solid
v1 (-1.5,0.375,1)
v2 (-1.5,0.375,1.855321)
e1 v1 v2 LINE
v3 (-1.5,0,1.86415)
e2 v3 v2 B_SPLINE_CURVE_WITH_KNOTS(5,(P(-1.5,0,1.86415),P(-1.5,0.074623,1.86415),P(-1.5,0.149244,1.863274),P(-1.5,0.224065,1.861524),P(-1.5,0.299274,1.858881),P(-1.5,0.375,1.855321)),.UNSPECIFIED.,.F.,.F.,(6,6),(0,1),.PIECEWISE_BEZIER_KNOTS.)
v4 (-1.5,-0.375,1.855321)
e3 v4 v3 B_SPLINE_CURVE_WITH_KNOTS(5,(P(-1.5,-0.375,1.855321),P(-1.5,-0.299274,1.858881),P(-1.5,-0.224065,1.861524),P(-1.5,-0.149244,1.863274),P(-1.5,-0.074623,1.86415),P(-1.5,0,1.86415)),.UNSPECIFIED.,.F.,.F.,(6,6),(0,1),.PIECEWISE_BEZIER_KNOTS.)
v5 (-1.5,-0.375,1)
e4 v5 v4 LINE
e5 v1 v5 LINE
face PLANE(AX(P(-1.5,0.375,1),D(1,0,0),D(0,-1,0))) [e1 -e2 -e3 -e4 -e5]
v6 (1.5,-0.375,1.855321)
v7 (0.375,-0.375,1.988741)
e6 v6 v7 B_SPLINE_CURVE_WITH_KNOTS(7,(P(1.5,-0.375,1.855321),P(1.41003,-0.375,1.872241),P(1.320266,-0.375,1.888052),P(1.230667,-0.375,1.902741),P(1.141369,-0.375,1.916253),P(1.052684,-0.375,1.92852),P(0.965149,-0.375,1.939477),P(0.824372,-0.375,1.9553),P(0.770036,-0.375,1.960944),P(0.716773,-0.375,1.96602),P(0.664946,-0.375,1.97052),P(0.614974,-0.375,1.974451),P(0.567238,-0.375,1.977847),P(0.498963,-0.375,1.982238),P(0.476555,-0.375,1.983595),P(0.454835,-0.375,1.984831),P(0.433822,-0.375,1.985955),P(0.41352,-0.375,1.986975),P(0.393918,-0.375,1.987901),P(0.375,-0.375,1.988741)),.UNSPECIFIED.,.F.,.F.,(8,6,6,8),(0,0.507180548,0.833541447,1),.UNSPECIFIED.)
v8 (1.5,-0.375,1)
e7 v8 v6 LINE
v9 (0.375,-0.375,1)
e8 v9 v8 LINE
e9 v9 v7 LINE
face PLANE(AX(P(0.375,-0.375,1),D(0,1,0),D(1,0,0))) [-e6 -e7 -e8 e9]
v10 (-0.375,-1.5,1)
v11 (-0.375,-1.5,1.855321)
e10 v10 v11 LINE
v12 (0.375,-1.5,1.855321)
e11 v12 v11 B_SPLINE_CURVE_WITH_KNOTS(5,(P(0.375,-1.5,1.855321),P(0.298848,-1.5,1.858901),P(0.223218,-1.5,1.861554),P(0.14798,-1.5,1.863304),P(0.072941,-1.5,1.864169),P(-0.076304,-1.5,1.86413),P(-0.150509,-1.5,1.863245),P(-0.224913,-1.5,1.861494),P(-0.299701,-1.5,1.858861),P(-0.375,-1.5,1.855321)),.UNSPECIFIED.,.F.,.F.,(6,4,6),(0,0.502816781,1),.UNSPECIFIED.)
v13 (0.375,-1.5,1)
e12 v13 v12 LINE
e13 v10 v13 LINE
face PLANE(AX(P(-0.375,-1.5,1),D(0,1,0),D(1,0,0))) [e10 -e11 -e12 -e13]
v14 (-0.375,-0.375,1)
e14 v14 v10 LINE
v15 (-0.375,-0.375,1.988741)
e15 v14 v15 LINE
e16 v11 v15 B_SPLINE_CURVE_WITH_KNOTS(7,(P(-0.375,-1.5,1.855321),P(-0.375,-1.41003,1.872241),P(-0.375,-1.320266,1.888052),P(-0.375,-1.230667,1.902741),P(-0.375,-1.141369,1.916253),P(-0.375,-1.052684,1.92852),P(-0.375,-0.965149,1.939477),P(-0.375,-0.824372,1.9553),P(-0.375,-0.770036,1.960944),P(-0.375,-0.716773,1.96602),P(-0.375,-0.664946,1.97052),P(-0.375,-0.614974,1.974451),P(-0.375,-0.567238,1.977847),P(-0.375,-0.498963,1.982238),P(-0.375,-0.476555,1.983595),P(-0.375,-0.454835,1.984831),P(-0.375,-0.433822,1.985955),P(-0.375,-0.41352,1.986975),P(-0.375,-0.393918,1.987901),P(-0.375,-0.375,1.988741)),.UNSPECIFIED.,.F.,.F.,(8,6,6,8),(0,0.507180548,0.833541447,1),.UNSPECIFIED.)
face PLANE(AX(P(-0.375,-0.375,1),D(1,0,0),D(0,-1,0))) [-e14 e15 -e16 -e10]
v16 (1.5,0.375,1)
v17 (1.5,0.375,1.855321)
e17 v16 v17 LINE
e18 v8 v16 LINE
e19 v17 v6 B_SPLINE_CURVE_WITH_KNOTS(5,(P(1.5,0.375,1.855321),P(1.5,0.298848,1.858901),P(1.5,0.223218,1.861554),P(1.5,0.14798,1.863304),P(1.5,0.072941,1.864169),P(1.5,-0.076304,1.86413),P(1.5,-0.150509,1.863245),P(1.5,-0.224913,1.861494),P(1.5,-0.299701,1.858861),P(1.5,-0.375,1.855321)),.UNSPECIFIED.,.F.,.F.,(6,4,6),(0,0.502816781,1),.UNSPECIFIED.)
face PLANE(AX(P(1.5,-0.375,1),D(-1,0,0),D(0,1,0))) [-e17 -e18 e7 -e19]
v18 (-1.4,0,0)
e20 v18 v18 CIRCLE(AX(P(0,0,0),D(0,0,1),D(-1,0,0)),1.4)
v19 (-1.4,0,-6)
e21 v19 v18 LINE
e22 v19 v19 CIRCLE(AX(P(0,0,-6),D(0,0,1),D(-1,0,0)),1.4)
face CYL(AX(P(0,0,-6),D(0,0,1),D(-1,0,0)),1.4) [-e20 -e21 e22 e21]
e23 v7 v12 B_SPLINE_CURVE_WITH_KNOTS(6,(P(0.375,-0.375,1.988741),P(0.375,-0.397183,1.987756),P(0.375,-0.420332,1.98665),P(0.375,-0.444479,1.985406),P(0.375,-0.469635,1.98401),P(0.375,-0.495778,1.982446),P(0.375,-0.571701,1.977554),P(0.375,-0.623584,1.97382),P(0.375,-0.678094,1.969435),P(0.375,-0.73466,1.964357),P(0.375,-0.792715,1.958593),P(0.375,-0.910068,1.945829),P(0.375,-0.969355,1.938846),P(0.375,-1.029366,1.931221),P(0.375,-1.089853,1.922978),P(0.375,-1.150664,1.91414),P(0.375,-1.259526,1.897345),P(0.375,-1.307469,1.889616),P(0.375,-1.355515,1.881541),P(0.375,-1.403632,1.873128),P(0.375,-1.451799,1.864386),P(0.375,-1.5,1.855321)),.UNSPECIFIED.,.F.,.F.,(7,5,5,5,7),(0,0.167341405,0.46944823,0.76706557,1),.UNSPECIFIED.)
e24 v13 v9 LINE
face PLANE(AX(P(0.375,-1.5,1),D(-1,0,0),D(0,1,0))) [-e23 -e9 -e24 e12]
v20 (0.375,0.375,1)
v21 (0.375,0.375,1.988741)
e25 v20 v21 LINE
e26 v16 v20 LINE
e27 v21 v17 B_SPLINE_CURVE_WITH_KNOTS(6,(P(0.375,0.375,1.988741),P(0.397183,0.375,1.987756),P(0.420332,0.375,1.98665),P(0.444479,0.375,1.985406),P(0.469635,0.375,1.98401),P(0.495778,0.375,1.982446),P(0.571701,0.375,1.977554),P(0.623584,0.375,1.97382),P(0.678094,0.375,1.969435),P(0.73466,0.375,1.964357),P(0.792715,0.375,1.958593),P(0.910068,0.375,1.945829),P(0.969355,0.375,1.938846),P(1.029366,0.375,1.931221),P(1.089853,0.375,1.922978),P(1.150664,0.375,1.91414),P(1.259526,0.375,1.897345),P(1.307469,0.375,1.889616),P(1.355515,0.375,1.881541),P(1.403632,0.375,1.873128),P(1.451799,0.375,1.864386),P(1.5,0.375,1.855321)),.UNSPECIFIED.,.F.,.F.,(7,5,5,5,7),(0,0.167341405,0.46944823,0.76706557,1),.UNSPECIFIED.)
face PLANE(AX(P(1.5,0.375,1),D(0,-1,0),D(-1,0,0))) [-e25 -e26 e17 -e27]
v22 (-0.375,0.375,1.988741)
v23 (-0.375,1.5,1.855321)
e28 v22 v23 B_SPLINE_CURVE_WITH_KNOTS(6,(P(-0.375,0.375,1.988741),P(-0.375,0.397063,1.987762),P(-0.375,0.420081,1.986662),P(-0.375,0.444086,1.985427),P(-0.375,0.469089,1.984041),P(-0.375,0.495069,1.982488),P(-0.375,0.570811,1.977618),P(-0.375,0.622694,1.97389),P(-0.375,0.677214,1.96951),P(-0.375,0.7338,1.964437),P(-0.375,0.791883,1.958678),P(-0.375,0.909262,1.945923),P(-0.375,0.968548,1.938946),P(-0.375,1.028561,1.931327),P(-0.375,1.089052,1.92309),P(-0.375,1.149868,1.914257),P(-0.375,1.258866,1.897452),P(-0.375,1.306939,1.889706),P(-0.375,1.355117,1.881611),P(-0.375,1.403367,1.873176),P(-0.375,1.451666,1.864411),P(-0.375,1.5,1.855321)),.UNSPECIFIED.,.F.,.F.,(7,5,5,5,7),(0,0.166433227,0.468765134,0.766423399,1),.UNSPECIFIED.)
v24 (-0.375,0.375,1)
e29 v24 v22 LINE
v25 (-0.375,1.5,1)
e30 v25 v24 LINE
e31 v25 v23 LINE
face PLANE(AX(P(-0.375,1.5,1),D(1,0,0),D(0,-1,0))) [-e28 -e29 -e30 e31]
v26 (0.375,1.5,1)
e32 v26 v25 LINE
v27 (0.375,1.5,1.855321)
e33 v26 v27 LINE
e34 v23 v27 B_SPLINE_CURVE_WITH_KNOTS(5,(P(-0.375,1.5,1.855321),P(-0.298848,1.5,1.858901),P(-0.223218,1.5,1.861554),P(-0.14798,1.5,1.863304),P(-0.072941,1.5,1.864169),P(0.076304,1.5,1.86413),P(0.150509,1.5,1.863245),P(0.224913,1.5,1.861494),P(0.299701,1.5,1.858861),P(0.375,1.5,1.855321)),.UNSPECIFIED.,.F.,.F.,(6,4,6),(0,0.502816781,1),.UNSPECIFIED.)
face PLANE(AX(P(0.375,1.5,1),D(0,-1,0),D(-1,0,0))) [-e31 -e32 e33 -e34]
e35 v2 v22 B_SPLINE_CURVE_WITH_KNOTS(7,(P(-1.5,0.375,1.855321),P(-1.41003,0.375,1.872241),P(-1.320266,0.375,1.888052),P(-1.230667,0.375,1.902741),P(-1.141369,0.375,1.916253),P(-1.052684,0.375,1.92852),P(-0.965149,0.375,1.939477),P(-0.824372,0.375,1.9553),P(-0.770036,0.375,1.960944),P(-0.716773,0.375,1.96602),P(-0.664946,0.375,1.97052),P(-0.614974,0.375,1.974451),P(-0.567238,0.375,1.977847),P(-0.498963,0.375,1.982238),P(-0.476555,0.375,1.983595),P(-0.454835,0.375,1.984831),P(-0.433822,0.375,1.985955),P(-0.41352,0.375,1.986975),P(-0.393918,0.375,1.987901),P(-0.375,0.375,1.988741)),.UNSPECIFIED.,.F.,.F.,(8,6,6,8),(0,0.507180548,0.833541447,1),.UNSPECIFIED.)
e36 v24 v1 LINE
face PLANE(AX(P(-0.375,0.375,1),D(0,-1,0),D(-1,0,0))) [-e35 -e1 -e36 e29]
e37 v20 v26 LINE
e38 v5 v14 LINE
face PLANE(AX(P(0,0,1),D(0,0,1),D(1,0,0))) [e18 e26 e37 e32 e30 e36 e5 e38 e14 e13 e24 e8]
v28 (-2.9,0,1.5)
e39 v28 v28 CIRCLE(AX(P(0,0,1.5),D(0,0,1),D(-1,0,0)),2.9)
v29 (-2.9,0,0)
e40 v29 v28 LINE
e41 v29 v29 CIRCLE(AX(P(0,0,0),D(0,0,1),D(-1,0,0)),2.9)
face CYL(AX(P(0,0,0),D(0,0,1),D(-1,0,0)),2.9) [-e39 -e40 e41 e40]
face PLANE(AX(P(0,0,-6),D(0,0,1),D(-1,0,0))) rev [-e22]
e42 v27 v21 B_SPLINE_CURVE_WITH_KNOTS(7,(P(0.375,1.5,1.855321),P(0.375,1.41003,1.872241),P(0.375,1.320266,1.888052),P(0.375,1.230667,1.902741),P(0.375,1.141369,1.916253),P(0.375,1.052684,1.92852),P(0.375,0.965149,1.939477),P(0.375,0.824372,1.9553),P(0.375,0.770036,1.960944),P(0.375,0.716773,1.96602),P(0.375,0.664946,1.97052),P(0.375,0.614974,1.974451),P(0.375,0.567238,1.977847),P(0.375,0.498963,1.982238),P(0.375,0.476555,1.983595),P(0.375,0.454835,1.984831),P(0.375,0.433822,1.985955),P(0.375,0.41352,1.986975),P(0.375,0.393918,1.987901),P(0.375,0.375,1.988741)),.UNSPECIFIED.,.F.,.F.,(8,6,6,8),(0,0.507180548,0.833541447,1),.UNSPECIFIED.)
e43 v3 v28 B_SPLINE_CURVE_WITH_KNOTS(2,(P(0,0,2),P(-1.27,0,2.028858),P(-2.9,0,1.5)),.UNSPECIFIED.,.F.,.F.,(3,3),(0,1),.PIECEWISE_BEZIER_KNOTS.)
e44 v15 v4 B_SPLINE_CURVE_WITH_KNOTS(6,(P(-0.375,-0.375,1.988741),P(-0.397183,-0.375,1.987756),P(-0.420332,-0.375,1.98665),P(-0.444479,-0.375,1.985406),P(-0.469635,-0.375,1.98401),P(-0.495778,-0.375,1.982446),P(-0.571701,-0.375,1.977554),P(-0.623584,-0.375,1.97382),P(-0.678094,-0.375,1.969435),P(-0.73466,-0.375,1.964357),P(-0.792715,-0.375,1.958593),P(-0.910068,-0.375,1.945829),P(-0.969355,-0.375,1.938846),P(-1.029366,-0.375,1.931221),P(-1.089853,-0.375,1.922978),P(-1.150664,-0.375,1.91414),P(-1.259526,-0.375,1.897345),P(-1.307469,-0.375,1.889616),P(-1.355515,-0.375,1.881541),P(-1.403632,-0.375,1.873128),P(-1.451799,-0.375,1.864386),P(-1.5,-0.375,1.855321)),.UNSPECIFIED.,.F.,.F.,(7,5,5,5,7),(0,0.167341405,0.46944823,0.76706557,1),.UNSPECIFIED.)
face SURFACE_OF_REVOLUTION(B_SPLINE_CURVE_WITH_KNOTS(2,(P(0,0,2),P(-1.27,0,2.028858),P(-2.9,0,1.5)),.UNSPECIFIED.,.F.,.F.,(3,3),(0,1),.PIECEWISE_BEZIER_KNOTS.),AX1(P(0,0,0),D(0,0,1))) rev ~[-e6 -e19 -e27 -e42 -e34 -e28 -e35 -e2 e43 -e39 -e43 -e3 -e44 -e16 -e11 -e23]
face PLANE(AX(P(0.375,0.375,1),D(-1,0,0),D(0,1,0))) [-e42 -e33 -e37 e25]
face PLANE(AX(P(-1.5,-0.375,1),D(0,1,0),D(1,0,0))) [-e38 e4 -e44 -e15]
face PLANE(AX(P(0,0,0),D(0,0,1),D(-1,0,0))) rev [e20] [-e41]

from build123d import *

# Parameters (mm, degrees)
POCKET_DEPTH = 1.002493


with BuildPart() as part:
    # Sketch → Revolution (revolve)
    with BuildSketch(Plane.XZ):
        with BuildLine():
            Line((0, -6), (-1.4, -6))
            Line((-1.4, -6), (-1.4, 0))
            Line((-1.4, 0), (-2.9, 0))
            Line((-2.9, 0), (-2.9, 1.5))
            add(Edge.make_bspline(
                [(0, 2), (-1.27, 2.028858), (-2.9, 1.5)],
                knots=[0, 0, 0, 1, 1, 1], degree=2))
            Line((0, 2), (0, -6))
        make_face()
    revolve(axis=Axis((0, 0, 0), (0, 0, 1)))

    # Sketch001 → Pocket (cut, through all)
    with BuildSketch(Plane.XY.offset(1)):
        Polygon((0.375, 1.5), (-0.375, 1.5), (-0.375, 0.375), (-1.5, 0.375), (-1.5, -0.375), (-0.375, -0.375), (-0.375, -1.5), (0.375, -1.5), (0.375, -0.375), (1.5, -0.375), (1.5, 0.375), (0.375, 0.375), align=None)
    extrude(amount=POCKET_DEPTH, mode=Mode.SUBTRACT)


solid = part.part
